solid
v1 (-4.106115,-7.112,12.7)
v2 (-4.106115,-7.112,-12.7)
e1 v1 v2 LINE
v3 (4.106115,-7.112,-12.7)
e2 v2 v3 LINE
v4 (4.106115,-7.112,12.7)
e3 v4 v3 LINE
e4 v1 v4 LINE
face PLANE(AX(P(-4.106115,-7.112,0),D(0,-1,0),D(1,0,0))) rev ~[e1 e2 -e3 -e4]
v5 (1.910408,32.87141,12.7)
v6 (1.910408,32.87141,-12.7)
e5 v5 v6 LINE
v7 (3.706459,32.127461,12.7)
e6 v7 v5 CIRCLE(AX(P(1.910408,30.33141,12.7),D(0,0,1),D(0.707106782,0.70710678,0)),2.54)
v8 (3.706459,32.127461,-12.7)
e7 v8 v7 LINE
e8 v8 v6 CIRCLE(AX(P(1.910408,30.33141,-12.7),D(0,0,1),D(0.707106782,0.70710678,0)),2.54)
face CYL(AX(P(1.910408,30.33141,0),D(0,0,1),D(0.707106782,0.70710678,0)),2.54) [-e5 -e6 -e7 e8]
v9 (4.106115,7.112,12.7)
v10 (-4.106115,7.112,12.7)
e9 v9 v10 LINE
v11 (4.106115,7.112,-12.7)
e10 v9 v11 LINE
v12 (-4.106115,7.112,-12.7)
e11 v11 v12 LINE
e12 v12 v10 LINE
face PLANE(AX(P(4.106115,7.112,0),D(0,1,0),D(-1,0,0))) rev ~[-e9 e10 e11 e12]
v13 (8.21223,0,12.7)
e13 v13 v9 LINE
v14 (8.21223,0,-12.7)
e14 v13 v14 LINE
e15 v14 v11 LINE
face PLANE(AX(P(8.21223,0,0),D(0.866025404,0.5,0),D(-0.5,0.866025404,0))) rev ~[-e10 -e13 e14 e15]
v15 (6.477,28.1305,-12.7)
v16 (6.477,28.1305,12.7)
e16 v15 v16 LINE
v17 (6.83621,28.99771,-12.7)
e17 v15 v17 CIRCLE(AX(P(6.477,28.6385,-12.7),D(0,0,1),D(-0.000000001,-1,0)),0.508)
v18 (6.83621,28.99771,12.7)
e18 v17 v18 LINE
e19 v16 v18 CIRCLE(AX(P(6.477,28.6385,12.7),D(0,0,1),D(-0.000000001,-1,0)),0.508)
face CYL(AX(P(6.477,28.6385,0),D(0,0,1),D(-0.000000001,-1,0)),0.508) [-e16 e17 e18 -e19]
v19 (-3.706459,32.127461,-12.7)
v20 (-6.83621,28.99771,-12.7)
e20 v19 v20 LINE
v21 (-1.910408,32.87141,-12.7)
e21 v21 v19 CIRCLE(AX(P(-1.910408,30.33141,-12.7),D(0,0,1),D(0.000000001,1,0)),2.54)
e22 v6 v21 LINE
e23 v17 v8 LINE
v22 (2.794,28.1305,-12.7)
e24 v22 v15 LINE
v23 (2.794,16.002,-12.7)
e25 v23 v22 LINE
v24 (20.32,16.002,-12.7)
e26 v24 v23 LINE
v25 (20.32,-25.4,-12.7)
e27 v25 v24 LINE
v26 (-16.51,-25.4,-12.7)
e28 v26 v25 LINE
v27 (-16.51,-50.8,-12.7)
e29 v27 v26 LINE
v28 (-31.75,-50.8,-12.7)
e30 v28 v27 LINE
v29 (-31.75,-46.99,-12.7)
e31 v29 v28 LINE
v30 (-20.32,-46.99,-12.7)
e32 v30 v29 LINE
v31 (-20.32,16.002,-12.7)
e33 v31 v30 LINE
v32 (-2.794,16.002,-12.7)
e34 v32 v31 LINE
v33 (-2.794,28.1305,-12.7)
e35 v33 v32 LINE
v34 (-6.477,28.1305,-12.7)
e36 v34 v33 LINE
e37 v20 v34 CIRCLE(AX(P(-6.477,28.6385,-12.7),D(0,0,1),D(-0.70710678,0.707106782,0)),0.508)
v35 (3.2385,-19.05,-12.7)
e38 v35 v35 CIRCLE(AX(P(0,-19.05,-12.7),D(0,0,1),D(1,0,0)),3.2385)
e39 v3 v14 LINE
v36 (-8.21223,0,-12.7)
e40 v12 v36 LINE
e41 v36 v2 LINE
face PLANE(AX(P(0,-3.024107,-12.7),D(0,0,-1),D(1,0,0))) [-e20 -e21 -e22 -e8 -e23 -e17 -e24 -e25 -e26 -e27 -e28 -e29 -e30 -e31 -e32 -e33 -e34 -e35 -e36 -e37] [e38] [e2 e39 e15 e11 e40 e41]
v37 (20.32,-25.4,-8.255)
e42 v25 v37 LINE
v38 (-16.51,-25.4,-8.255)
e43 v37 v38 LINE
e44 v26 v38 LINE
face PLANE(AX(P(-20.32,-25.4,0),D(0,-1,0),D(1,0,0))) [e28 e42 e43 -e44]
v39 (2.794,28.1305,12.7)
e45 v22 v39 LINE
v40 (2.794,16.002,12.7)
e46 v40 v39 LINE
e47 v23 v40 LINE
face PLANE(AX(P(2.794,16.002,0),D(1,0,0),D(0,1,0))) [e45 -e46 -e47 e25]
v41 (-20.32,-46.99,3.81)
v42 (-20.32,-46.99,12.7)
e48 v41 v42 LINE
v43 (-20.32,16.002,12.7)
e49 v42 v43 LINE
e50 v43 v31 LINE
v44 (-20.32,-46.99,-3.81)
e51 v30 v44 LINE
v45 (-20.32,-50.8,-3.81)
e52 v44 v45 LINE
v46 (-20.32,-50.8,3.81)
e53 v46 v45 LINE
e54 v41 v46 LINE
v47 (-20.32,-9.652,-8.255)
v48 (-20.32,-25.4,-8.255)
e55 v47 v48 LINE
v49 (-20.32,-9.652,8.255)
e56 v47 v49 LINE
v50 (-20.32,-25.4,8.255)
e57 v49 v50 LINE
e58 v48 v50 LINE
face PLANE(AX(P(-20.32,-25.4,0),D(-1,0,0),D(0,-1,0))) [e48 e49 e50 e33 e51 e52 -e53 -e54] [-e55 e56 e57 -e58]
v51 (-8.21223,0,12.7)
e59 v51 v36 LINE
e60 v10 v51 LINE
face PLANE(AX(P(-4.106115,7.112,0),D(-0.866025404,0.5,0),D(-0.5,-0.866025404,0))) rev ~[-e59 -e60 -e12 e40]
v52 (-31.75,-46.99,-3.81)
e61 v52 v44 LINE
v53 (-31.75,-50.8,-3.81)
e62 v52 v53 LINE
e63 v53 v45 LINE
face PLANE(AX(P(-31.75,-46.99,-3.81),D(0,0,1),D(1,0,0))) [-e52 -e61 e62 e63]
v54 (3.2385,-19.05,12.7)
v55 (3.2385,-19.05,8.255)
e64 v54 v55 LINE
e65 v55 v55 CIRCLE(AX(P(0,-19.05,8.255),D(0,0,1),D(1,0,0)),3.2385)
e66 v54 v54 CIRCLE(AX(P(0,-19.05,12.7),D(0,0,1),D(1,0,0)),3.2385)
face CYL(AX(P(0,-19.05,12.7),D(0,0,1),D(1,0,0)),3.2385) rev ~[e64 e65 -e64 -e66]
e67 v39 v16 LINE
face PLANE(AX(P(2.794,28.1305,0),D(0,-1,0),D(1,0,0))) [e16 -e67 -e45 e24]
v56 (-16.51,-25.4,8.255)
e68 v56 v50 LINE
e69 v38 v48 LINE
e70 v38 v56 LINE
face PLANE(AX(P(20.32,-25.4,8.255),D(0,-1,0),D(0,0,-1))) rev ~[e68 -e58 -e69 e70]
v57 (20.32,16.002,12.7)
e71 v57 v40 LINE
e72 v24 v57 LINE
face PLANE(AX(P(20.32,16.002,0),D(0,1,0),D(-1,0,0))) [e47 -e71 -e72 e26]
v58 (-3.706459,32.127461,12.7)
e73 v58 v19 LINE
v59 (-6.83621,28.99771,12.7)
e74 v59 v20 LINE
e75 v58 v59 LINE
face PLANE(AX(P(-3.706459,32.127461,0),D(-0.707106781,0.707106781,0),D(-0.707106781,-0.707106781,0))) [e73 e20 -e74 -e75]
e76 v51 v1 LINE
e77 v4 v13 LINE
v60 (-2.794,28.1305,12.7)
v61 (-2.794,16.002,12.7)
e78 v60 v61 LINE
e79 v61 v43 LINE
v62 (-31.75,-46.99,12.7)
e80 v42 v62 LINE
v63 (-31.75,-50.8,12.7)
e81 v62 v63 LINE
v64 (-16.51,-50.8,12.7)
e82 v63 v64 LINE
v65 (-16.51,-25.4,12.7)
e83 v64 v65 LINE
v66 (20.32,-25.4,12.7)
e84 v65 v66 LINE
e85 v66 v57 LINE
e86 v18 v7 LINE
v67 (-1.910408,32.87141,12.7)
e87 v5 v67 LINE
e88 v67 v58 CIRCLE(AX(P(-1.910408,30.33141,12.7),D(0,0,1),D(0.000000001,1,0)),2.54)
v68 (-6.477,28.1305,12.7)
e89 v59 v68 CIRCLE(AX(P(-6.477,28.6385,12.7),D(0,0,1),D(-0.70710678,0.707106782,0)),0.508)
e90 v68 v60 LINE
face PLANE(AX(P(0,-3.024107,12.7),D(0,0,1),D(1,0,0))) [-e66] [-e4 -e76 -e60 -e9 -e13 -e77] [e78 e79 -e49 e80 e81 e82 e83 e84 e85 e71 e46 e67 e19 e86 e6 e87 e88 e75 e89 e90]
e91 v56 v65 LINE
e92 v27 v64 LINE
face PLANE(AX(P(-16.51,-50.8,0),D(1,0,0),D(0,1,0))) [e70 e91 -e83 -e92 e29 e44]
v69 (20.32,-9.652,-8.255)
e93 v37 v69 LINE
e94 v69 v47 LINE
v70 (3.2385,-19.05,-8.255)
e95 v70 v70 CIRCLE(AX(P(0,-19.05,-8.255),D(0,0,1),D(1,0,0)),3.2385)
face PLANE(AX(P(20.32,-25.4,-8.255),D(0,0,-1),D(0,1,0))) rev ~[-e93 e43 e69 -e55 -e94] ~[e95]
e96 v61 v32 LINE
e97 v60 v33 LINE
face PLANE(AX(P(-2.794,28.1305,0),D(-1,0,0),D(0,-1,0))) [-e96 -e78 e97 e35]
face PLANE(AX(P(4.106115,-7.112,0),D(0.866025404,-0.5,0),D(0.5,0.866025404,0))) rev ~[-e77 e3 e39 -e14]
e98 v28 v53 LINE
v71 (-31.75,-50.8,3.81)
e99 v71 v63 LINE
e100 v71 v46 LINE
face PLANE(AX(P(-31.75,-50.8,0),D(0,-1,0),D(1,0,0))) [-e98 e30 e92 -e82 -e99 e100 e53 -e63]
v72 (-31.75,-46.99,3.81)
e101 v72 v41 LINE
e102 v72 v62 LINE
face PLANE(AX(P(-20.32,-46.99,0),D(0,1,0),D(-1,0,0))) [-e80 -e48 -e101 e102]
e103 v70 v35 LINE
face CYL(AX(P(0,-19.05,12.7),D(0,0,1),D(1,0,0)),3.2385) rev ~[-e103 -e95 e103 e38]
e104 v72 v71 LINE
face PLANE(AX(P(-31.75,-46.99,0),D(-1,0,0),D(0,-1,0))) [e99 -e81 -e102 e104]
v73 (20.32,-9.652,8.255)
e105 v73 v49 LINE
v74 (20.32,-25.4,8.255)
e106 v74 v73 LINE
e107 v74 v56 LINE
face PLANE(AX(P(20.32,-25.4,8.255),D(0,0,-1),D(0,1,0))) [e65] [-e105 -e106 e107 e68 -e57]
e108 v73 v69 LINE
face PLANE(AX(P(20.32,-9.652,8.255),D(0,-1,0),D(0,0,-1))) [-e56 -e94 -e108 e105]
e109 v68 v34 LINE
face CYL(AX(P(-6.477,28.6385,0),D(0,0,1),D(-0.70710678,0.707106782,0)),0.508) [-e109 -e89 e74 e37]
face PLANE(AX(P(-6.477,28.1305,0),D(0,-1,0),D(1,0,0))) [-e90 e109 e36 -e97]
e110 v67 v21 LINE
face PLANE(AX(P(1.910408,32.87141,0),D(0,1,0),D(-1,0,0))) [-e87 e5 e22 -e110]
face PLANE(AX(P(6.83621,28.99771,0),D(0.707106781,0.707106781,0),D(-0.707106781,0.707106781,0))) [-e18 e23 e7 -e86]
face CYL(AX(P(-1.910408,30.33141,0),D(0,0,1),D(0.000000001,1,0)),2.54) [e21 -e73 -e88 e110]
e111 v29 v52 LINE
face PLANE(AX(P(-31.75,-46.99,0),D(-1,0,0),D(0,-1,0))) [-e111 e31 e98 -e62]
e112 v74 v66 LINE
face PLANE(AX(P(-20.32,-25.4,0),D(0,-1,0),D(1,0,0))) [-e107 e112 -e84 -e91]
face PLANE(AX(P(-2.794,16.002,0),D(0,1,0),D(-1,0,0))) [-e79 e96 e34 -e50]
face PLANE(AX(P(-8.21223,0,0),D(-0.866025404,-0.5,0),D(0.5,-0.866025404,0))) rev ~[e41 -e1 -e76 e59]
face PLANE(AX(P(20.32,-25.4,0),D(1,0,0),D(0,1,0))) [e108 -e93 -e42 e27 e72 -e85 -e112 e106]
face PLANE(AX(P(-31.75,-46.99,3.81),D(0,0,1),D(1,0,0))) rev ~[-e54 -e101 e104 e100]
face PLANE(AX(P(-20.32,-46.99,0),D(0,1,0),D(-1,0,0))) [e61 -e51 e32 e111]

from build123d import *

# Parameters (mm, degrees)
BOSS_EXTRUDE1_DEPTH             = 12.7
BOSS_EXTRUDE4_REACH             = 14.7
BOSS_EXTRUDE4_DIRECTION_2_REACH = 14.7
SKETCH6_W                       = 16.51
SKETCH6_H                       = 15.748
CUT_EXTRUDE2_DEPTH              = 53.07
SKETCH11_W                      = 11.43
SKETCH11_H                      = 7.62
CUT_EXTRUDE3_DEPTH              = 3.81
SKETCH15_R                      = 3.2385
CUT_EXTRUDE4_DEPTH              = 25.4


with BuildPart() as part:
    # Sketch1 → Boss-Extrude1 (new body, symmetric)
    with BuildSketch(Plane.XY):
        with BuildLine():
            Line((-20.32, 16.002), (-20.32, -25.4))
            Line((-20.32, -25.4), (20.32, -25.4))
            Line((20.32, -25.4), (20.32, 16.002))
            Line((20.32, 16.002), (2.794, 16.002))
            Line((2.794, 16.002), (2.794, 28.1305))
            Line((2.794, 28.1305), (6.477, 28.1305))
            ThreePointArc((6.477, 28.1305), (6.946330803, 28.444096816), (6.836210245, 28.997710245))
            Line((6.836210245, 28.997710245), (3.706459265, 32.127461224))
            ThreePointArc((3.706459265, 32.127461224), (2.882423959, 32.678064013), (1.910408041, 32.87141))
            Line((1.910408041, 32.87141), (-1.910408041, 32.87141))
            ThreePointArc((-1.910408041, 32.87141), (-2.882423959, 32.678064013), (-3.706459265, 32.127461224))
            Line((-3.706459265, 32.127461224), (-6.836210245, 28.997710245))
            ThreePointArc((-6.836210245, 28.997710245), (-6.946330803, 28.444096816), (-6.477, 28.1305))
            Line((-6.477, 28.1305), (-2.794, 28.1305))
            Line((-2.794, 28.1305), (-2.794, 16.002))
            Line((-2.794, 16.002), (-20.32, 16.002))
        make_face()
        Polygon((-4.106115114, 7.112), (-8.212230229, 0), (-4.106115114, -7.112), (4.106115114, -7.112), (8.212230229, 0), (4.106115114, 7.112), align=None, mode=Mode.SUBTRACT)
    extrude(amount=BOSS_EXTRUDE1_DEPTH, both=True)

    # Boss-Extrude4: up to this face of the body (flat: up to its plane)
    boss_extrude4_end = Plane(part.part.faces().sort_by_distance((-6.289975232, 28.715968196, 12.7))[0])
    # Sketch10 → Boss-Extrude4 (add, up to the picked face)
    with BuildSketch(Plane.XY, mode=Mode.PRIVATE) as boss_extrude4_sk1:
        Polygon((-20.32, -25.4), (-20.32, -46.99), (-31.75, -46.99), (-31.75, -50.8), (-16.51, -50.8), (-16.51, -25.4), align=None)
    boss_extrude4_tool1 = split(extrude(boss_extrude4_sk1.sketch, amount=BOSS_EXTRUDE4_REACH, mode=Mode.PRIVATE), bisect_by=boss_extrude4_end, keep=Keep.BOTH, mode=Mode.PRIVATE)
    add(boss_extrude4_tool1.solids().sort_by_distance((-20.023788, -36.195, 0))[0])

    # Boss-Extrude4 direction 2: up to this face of the body (flat: up to its plane)
    boss_extrude4_direction_2_end = Plane(part.part.faces().sort_by_distance((-6.289975232, 28.715968196, -12.7))[0])
    # Sketch10 → Boss-Extrude4 direction 2 (add, up to the picked face)
    with BuildSketch(Plane.XY, mode=Mode.PRIVATE) as boss_extrude4_direction_2_sk1:
        Polygon((-20.32, -25.4), (-20.32, -46.99), (-31.75, -46.99), (-31.75, -50.8), (-16.51, -50.8), (-16.51, -25.4), align=None)
    boss_extrude4_direction_2_tool1 = split(extrude(boss_extrude4_direction_2_sk1.sketch, amount=-BOSS_EXTRUDE4_DIRECTION_2_REACH, mode=Mode.PRIVATE), bisect_by=boss_extrude4_direction_2_end, keep=Keep.BOTH, mode=Mode.PRIVATE)
    add(boss_extrude4_direction_2_tool1.solids().sort_by_distance((-20.023788, -36.195, 0))[0])

    # Sketch6 → Cut-Extrude2 (cut, through all)
    with BuildSketch(Plane(origin=(20.32, 0, 0), x_dir=(0, 0, -1), z_dir=(1, 0, 0))):
        with Locations((0, -17.526)):
            Rectangle(SKETCH6_W, SKETCH6_H)
    extrude(amount=-CUT_EXTRUDE2_DEPTH, mode=Mode.SUBTRACT)

    # Sketch11 → Cut-Extrude3 (cut)
    with BuildSketch(Plane(origin=(0, -46.99, 0), x_dir=(1, 0, 0), z_dir=(0, 1, 0))):
        with Locations((-26.035, 0)):
            Rectangle(SKETCH11_W, SKETCH11_H)
    extrude(amount=-CUT_EXTRUDE3_DEPTH, mode=Mode.SUBTRACT)

    # Sketch15 → Cut-Extrude4 (cut)
    with BuildSketch(Plane.XY.offset(12.7)):
        with Locations((0, -19.05)):
            Circle(SKETCH15_R)
    extrude(amount=-CUT_EXTRUDE4_DEPTH, mode=Mode.SUBTRACT)


solid = part.part
